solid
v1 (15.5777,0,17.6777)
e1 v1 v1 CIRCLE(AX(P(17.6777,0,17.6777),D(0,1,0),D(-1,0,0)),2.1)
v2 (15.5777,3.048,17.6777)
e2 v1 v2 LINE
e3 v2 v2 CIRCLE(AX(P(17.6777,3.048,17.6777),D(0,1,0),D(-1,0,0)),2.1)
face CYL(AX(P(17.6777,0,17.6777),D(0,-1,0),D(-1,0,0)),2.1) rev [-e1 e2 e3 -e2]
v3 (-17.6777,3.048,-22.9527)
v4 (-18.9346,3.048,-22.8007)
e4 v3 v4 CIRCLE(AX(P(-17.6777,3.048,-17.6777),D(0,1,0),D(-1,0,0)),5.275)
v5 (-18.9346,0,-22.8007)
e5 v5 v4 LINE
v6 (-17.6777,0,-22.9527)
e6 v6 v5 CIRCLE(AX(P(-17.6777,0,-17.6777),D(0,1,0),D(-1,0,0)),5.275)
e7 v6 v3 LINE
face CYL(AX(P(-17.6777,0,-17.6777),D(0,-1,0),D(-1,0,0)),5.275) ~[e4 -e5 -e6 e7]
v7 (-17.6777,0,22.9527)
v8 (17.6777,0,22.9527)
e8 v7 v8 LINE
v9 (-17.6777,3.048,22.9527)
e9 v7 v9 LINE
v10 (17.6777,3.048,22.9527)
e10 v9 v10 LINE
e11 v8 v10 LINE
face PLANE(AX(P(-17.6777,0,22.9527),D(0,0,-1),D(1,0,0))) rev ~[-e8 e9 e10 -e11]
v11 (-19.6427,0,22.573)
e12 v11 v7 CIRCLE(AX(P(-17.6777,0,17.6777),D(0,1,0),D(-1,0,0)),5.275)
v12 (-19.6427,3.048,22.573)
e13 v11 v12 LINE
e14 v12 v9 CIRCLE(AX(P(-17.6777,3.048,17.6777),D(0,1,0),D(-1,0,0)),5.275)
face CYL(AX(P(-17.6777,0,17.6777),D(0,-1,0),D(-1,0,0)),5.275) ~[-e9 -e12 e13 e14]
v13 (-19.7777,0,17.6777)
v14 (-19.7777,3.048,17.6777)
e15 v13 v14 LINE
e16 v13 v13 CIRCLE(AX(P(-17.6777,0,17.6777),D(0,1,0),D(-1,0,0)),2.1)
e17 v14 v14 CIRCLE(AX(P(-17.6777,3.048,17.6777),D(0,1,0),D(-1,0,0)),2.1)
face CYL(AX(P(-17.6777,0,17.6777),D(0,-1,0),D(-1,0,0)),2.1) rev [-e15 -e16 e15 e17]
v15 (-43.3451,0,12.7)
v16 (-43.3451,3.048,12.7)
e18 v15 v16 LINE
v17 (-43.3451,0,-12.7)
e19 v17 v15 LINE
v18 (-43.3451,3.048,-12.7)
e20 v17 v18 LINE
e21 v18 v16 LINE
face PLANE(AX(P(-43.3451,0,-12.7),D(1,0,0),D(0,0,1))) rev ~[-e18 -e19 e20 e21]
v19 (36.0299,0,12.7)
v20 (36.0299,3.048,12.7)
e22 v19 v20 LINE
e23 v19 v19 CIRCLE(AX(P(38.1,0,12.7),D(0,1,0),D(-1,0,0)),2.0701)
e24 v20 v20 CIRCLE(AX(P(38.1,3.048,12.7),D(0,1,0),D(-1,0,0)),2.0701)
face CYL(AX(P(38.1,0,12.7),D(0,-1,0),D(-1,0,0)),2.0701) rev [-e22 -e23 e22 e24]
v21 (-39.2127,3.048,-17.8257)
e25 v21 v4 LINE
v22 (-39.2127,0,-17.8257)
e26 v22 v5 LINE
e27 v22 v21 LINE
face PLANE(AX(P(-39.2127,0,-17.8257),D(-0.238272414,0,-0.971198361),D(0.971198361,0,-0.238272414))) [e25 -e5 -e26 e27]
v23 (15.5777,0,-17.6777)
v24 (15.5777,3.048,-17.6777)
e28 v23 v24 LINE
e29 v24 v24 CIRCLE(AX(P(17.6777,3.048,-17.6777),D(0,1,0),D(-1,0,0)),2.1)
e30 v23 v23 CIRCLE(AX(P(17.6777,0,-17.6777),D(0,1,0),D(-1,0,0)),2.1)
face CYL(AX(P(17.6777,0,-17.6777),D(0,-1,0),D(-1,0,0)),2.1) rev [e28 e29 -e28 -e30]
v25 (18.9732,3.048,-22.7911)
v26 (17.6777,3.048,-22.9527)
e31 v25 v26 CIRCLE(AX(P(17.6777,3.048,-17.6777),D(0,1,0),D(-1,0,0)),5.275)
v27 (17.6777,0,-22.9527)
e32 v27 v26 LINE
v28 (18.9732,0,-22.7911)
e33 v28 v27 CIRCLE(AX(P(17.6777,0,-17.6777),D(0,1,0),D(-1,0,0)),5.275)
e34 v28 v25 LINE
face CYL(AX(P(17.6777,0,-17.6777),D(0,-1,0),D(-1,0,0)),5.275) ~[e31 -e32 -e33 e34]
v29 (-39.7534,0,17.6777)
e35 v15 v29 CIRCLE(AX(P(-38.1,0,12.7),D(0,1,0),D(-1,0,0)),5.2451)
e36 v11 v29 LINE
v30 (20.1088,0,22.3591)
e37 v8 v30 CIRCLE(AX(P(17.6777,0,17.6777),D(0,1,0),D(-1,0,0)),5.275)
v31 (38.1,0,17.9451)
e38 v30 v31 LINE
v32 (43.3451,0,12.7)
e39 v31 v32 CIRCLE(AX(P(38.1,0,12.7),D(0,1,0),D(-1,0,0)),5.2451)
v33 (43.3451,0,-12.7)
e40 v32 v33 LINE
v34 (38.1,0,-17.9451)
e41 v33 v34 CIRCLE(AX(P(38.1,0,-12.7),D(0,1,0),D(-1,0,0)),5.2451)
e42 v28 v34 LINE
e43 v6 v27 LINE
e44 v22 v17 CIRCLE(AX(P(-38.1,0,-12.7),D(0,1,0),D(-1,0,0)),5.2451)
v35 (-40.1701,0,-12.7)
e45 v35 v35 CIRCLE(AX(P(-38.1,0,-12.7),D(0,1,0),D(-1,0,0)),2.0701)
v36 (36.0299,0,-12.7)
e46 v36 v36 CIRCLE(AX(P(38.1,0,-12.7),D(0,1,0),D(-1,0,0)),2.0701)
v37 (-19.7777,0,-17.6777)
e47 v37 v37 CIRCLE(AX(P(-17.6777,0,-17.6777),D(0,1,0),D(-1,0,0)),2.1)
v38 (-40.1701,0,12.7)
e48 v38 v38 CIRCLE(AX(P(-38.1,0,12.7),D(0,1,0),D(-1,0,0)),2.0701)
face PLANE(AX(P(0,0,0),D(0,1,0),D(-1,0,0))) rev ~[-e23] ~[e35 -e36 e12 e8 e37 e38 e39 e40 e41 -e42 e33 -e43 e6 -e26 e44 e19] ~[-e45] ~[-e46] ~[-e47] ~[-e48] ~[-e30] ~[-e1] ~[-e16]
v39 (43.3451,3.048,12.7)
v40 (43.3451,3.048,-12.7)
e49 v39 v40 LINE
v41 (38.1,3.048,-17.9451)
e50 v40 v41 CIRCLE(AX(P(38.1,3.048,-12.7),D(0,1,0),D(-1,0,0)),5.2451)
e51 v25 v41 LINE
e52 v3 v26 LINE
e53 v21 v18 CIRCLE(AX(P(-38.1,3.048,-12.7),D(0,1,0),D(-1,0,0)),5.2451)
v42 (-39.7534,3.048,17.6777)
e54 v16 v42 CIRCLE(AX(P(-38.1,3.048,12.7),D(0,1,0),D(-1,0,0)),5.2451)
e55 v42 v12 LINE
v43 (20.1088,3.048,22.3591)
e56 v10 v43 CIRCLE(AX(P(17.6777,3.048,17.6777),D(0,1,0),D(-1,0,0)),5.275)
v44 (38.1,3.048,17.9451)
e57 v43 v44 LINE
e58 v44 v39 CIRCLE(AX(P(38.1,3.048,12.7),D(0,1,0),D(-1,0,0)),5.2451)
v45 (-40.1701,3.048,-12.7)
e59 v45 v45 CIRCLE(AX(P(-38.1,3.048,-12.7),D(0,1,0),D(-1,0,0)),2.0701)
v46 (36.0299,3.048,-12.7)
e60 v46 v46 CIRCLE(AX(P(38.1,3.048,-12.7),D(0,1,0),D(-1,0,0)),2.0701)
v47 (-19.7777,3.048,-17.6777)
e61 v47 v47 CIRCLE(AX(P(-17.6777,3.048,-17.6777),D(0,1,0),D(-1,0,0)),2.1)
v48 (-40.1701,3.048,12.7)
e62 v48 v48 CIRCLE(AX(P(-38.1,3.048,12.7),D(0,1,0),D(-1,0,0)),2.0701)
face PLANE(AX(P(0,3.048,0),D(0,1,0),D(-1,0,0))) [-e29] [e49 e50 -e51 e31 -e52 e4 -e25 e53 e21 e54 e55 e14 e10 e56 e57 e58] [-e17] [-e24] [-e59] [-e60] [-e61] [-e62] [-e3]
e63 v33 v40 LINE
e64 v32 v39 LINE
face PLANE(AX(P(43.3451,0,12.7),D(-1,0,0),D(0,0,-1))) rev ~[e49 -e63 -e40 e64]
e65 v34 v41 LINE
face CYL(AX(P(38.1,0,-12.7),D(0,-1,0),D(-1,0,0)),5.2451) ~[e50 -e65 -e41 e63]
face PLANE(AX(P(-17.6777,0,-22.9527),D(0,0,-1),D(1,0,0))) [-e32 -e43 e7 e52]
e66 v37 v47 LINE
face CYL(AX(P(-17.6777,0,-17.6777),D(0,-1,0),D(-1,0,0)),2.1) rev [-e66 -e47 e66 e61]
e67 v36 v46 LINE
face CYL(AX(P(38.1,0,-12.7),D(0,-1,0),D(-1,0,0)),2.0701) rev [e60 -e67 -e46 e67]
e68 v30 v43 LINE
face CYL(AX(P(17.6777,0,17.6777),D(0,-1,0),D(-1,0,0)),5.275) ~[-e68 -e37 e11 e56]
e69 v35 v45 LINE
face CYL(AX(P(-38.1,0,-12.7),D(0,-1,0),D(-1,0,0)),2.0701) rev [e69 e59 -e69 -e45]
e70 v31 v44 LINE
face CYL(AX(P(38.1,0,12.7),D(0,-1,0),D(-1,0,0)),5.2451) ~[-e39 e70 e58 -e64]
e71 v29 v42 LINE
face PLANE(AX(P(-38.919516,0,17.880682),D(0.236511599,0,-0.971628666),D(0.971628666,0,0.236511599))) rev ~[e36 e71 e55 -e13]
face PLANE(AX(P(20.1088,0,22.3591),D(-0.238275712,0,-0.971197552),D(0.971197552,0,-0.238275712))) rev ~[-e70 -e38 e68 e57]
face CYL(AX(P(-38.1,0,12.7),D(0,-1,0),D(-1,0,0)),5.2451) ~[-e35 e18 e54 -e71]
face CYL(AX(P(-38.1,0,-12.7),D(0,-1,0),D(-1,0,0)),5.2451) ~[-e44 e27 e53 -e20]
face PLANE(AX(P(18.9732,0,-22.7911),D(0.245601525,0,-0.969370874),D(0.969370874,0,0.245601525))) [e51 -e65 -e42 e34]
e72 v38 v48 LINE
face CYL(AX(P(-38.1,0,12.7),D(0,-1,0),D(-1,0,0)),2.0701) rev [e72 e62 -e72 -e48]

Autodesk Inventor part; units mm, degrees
ref_plane "YZ Plane" through (0, 0, 0) normal (1, 0, 0) x (0, 1, 0)
ref_plane "XZ Plane" through (0, 0, 0) normal (0, 1, 0) x (-1, 0, 0)
ref_plane "XY Plane" through (0, 0, 0) normal (0, 0, 1) x (1, 0, 0)
sketch "Sketch1" plane through (0, 0, 0) normal (0, 1, 0) x (-1, 0, 0)
  line L0 (-43.3451, -30.2749) -> (43.3451, -30.2749)
  line L1 (43.3451, -30.2749) -> (43.3451, 30.2749)
  line L2 (43.3451, 30.2749) -> (-43.3451, 30.2749)
  line L3 (-43.3451, 30.2749) -> (-43.3451, -30.2749)
  line L4 (-43.3451, -30.2749) -> (43.3451, 30.2749) construction
  line L5 (43.3451, -30.2749) -> (-43.3451, 30.2749) construction
  circle A0 centre (0, 0) radius 25 construction
  circle A1 centre (17.6777, -17.6777) radius 2.1
  circle A2 centre (17.6777, 17.6777) radius 2.1
  circle A3 centre (-17.6777, 17.6777) radius 2.1
  circle A4 centre (-17.6777, -17.6777) radius 2.1
  line L6 (25.4, -25.4) -> (-25.4, -25.4) construction
  line L7 (-25.4, -25.4) -> (-25.4, 25.4) construction
  line L8 (-25.4, 25.4) -> (25.4, 25.4) construction
  line L9 (25.4, 25.4) -> (25.4, -25.4) construction
  line L10 (25.4, -25.4) -> (-25.4, 25.4) construction
  line L11 (25.4, 25.4) -> (-25.4, -25.4) construction
  circle A5 centre (38.1, -12.7) radius 2.0701
  circle A6 centre (38.1, 12.7) radius 2.0701
  circle A7 centre (-38.1, 12.7) radius 2.0701
  circle A8 centre (-38.1, -12.7) radius 2.0701
  circle A9 centre (38.1, -12.7) radius 5.2451
  circle A10 centre (-38.1, -12.7) radius 5.2451
  circle A11 centre (38.1, 12.7) radius 5.2451
  circle A12 centre (-38.1, 12.7) radius 5.2451
  circle A13 centre (17.6777, -17.6777) radius 5.275
  circle A14 centre (-17.6777, -17.6777) radius 5.275
  circle A15 centre (17.6777, 17.6777) radius 5.275
  circle A16 centre (-17.6777, 17.6777) radius 5.275
  line L12 (39.7534, 17.6777) -> (19.6427, 22.573)
  line L13 (-20.1088, 22.3591) -> (-38.1, 17.9451)
  line L14 (39.2127, -17.8257) -> (18.9346, -22.8007)
  line L15 (-18.9732, -22.7911) -> (-38.1, -17.9451)
  line L16 (17.6777, 22.9527) -> (-17.6777, 22.9527)
  line L17 (17.6777, -22.9527) -> (-17.6777, -22.9527)
  point P0 (0, 0)
  point P1 (39.7131, 17.6909)
  point P2 (-39.7172, 17.6896)
  point P3 (-39.7131, -17.6909)
  point P4 (39.7172, -17.6896)
  point P5 (-43.3451, -12.7)
  point P6 (43.3451, -12.7)
  point P7 (43.3451, 12.7)
  point P8 (-43.3451, 12.7)
  dimension "d7" = 50
  dimension "d2" = 360
  dimension "d4" = 4.2
  dimension "d29" = 50.8
  dimension "d30" = 50.8
  dimension "d31" = 4.1402
  dimension "d32" = 4.1402
  dimension "d33" = 12.7
  dimension "d36" = 360
  dimension "d39" = 25.4
  dimension "d40" = 12.7
  dimension "d41" = 3.175
  dimension "d43" = 3.175
  dimension "d45" = 3.175
  dimension "d46" = 3.175
  dimension "d47" = 3.175
  dimension "d48" = 3.175
  dimension "d49" = 3.175
  dimension "d50" = 3.175
extrude "Plate1" add sketch "Sketch1" along normal blind 3.048 contours L3 A12 L13 A16 L16 A15 L12 A11 L1 A9 L14 A13 L17 A14 L15 A10 | A10 | A9 | A12 | A11 L12 | A14 | A13 | A16 | A15 picked at (42.2152, 12.1134)
equation "\"d8\" = Thickness"
equation "\"d40\" = 0.5 * d39"
equation "\"BendRadius\" = Thickness"
equation "\"BendReliefWidth\" = Thickness"
equation "\"BendReliefDepth\" = 0.5 * Thickness"
equation "\"CornerReliefSize\" = 4 * Thickness"
equation "\"MinimumRemnant\" = 2 * Thickness"
equation "\"TransitionRadius\" = BendRadius"
equation "\"JacobiRadiusSize\" = BendRadius"
equation "\"GapSize\" = Thickness"
equation "\"Thickness\" = 3.048"
properties part number "LidarMountAdapter"
